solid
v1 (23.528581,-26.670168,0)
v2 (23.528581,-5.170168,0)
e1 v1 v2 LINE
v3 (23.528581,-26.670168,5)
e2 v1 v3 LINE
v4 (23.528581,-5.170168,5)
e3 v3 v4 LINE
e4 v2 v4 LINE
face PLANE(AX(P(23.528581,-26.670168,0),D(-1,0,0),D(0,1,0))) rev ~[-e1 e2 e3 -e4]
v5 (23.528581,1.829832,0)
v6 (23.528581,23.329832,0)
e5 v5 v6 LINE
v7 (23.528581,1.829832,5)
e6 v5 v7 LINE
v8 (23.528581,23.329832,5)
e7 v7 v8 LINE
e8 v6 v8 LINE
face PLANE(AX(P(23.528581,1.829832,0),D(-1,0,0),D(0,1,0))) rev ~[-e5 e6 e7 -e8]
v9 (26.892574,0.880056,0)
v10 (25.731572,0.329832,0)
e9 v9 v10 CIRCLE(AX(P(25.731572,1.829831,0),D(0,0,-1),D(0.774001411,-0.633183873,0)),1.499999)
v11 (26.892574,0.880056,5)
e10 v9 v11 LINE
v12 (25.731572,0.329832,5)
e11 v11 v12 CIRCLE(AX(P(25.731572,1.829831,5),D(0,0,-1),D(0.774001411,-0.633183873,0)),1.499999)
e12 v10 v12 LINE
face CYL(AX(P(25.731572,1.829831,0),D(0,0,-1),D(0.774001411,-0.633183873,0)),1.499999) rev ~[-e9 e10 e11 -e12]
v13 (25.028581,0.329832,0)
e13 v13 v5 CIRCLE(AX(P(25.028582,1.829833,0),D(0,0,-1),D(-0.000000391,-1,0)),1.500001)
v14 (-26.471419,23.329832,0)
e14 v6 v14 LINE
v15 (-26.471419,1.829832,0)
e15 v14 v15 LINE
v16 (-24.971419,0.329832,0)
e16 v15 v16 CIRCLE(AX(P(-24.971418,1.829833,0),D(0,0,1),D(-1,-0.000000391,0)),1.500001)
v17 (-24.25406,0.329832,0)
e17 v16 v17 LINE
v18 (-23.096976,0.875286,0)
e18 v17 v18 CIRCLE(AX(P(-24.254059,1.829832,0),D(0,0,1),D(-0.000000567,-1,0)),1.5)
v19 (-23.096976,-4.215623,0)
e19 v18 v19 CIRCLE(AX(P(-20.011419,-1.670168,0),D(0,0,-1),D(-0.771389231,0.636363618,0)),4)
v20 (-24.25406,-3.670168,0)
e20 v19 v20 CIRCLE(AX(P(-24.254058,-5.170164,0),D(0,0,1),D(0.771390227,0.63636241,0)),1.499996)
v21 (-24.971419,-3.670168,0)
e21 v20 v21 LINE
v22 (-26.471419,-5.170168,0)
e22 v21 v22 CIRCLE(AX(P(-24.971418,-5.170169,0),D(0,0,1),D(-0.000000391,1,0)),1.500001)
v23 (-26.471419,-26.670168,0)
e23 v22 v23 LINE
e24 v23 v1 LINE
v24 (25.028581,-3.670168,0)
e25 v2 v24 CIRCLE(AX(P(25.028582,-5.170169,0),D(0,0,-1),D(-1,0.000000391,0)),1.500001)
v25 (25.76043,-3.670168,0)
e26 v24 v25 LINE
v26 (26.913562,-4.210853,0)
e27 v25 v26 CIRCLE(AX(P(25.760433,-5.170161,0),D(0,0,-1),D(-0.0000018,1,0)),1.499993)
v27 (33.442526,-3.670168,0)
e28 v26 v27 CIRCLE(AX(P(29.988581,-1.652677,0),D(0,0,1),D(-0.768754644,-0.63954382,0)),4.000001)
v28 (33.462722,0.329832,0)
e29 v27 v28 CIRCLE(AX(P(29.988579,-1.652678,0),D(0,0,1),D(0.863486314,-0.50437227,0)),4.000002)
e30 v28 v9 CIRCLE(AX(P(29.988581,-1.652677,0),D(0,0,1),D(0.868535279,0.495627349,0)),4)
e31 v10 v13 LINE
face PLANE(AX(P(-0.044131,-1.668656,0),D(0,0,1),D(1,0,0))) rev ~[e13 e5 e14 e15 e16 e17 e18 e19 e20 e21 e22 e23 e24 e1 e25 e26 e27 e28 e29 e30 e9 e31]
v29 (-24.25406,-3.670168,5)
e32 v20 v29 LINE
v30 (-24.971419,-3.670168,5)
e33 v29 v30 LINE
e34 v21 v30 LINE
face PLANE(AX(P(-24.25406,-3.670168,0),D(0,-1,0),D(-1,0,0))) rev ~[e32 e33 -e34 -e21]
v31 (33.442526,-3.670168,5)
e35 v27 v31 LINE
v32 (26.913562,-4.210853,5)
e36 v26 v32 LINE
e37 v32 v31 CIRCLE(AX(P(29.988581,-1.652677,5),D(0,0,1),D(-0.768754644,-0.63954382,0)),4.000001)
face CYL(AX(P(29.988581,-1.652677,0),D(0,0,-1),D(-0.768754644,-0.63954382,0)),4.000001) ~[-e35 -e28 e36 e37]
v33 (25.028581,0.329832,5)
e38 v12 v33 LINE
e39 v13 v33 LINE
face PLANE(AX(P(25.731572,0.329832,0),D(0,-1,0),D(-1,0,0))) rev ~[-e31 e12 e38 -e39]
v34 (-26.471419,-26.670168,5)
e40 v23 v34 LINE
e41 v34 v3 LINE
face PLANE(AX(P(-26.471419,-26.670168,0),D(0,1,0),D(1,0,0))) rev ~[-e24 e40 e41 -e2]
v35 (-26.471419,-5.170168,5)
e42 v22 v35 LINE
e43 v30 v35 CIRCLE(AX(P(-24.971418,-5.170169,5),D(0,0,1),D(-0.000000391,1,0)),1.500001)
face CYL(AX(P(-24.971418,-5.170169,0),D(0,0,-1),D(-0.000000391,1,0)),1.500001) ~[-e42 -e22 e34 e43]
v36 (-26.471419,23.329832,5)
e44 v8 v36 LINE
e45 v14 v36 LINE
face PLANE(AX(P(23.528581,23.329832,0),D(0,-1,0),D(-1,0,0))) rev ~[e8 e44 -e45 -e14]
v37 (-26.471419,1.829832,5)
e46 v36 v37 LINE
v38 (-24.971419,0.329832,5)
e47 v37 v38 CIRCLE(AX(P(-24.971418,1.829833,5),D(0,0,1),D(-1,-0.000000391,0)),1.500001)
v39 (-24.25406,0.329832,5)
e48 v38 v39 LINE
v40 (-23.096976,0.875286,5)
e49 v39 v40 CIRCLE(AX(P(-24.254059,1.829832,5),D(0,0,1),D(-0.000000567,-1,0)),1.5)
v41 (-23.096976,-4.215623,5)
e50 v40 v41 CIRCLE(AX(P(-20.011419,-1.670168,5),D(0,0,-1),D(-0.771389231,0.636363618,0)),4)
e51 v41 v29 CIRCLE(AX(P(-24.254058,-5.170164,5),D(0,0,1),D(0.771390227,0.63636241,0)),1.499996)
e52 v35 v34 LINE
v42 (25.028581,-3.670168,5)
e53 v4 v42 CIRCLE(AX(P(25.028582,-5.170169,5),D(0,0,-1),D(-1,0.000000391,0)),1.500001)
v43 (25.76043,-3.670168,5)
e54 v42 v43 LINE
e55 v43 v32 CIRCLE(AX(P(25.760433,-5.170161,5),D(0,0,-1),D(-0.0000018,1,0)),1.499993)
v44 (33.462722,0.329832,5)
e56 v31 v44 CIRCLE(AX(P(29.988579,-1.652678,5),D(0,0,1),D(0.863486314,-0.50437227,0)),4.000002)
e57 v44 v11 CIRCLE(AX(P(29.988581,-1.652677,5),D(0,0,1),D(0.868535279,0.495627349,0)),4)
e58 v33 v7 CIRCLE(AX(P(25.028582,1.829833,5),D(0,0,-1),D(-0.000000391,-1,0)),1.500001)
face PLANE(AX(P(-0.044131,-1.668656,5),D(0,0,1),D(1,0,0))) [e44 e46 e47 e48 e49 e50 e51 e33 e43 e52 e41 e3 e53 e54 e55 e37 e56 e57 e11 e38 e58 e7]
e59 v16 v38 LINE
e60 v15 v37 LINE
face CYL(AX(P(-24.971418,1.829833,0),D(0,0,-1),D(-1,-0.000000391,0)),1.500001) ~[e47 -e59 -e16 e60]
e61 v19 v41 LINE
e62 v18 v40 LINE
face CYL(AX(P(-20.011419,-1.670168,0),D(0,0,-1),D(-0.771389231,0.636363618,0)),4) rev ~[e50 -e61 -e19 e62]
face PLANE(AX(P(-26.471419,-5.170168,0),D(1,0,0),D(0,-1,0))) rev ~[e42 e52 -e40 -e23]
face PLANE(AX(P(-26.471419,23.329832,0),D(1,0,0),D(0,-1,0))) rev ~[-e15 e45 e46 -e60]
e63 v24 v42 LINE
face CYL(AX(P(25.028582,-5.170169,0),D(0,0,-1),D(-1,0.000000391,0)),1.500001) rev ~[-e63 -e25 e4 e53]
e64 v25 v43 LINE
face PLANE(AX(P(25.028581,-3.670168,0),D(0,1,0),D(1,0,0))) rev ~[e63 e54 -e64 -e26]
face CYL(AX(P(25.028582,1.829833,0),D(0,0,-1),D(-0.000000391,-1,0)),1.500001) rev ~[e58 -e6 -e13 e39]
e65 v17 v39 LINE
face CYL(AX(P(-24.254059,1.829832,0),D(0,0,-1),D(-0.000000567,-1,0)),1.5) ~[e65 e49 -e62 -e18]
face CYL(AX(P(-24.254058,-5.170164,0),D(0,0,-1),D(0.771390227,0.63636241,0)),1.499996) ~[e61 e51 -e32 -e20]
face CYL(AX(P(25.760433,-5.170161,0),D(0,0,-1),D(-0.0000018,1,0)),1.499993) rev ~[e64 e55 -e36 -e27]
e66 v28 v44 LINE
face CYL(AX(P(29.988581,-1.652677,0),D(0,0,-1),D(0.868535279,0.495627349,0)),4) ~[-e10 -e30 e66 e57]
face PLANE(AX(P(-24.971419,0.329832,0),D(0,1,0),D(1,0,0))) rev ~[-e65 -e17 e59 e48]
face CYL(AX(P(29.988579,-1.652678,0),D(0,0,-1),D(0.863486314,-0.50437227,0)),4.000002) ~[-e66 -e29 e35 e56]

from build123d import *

# Parameters (mm, degrees)
F1_DEPTH = 5


with BuildPart() as f1:
    # F0 (on Top) → F1 (new body)
    with BuildSketch(Plane.XY):
        with BuildLine():
            Line((23.528581, 23.329832), (-26.471419, 23.329832))
            Line((-26.471419, 23.329832), (-26.471419, 1.829832))
            ThreePointArc((-26.471419, 1.829832), (-26.032079, 0.769172), (-24.971419, 0.329832))
            Line((-24.971419, 0.329832), (-24.25406, 0.329832))
            ThreePointArc((-24.25406, 0.329832), (-23.614457, 0.473031), (-23.096976, 0.875286))
            ThreePointArc((-23.096976, 0.875286), (-16.011419, -1.670168), (-23.096976, -4.215623))
            ThreePointArc((-23.096976, -4.215623), (-23.614457, -3.813367), (-24.25406, -3.670168))
            Line((-24.25406, -3.670168), (-24.971419, -3.670168))
            ThreePointArc((-24.971419, -3.670168), (-26.032079, -4.109508), (-26.471419, -5.170168))
            Line((-26.471419, -5.170168), (-26.471419, -26.670168))
            Line((-26.471419, -26.670168), (23.528581, -26.670168))
            Line((23.528581, -26.670168), (23.528581, -5.170168))
            ThreePointArc((23.528581, -5.170168), (23.967921, -4.109508), (25.028581, -3.670168))
            Line((25.028581, -3.670168), (25.76043, -3.670168))
            ThreePointArc((25.76043, -3.670168), (26.39723, -3.812049), (26.913562, -4.210853))
            ThreePointArc((26.913562, -4.210853), (30.318704, -5.639032), (33.442526, -3.670168))
            ThreePointArc((33.442526, -3.670168), (33.98853, -1.672874), (33.462722, 0.329832))
            ThreePointArc((33.462722, 0.329832), (30.322397, 2.333369), (26.892574, 0.880056))
            ThreePointArc((26.892574, 0.880056), (26.373965, 0.47435), (25.731572, 0.329832))
            Line((25.731572, 0.329832), (25.028581, 0.329832))
            ThreePointArc((25.028581, 0.329832), (23.967921, 0.769172), (23.528581, 1.829832))
            Line((23.528581, 1.829832), (23.528581, 23.329832))
        make_face()
    extrude(amount=F1_DEPTH)


solid = f1.part
